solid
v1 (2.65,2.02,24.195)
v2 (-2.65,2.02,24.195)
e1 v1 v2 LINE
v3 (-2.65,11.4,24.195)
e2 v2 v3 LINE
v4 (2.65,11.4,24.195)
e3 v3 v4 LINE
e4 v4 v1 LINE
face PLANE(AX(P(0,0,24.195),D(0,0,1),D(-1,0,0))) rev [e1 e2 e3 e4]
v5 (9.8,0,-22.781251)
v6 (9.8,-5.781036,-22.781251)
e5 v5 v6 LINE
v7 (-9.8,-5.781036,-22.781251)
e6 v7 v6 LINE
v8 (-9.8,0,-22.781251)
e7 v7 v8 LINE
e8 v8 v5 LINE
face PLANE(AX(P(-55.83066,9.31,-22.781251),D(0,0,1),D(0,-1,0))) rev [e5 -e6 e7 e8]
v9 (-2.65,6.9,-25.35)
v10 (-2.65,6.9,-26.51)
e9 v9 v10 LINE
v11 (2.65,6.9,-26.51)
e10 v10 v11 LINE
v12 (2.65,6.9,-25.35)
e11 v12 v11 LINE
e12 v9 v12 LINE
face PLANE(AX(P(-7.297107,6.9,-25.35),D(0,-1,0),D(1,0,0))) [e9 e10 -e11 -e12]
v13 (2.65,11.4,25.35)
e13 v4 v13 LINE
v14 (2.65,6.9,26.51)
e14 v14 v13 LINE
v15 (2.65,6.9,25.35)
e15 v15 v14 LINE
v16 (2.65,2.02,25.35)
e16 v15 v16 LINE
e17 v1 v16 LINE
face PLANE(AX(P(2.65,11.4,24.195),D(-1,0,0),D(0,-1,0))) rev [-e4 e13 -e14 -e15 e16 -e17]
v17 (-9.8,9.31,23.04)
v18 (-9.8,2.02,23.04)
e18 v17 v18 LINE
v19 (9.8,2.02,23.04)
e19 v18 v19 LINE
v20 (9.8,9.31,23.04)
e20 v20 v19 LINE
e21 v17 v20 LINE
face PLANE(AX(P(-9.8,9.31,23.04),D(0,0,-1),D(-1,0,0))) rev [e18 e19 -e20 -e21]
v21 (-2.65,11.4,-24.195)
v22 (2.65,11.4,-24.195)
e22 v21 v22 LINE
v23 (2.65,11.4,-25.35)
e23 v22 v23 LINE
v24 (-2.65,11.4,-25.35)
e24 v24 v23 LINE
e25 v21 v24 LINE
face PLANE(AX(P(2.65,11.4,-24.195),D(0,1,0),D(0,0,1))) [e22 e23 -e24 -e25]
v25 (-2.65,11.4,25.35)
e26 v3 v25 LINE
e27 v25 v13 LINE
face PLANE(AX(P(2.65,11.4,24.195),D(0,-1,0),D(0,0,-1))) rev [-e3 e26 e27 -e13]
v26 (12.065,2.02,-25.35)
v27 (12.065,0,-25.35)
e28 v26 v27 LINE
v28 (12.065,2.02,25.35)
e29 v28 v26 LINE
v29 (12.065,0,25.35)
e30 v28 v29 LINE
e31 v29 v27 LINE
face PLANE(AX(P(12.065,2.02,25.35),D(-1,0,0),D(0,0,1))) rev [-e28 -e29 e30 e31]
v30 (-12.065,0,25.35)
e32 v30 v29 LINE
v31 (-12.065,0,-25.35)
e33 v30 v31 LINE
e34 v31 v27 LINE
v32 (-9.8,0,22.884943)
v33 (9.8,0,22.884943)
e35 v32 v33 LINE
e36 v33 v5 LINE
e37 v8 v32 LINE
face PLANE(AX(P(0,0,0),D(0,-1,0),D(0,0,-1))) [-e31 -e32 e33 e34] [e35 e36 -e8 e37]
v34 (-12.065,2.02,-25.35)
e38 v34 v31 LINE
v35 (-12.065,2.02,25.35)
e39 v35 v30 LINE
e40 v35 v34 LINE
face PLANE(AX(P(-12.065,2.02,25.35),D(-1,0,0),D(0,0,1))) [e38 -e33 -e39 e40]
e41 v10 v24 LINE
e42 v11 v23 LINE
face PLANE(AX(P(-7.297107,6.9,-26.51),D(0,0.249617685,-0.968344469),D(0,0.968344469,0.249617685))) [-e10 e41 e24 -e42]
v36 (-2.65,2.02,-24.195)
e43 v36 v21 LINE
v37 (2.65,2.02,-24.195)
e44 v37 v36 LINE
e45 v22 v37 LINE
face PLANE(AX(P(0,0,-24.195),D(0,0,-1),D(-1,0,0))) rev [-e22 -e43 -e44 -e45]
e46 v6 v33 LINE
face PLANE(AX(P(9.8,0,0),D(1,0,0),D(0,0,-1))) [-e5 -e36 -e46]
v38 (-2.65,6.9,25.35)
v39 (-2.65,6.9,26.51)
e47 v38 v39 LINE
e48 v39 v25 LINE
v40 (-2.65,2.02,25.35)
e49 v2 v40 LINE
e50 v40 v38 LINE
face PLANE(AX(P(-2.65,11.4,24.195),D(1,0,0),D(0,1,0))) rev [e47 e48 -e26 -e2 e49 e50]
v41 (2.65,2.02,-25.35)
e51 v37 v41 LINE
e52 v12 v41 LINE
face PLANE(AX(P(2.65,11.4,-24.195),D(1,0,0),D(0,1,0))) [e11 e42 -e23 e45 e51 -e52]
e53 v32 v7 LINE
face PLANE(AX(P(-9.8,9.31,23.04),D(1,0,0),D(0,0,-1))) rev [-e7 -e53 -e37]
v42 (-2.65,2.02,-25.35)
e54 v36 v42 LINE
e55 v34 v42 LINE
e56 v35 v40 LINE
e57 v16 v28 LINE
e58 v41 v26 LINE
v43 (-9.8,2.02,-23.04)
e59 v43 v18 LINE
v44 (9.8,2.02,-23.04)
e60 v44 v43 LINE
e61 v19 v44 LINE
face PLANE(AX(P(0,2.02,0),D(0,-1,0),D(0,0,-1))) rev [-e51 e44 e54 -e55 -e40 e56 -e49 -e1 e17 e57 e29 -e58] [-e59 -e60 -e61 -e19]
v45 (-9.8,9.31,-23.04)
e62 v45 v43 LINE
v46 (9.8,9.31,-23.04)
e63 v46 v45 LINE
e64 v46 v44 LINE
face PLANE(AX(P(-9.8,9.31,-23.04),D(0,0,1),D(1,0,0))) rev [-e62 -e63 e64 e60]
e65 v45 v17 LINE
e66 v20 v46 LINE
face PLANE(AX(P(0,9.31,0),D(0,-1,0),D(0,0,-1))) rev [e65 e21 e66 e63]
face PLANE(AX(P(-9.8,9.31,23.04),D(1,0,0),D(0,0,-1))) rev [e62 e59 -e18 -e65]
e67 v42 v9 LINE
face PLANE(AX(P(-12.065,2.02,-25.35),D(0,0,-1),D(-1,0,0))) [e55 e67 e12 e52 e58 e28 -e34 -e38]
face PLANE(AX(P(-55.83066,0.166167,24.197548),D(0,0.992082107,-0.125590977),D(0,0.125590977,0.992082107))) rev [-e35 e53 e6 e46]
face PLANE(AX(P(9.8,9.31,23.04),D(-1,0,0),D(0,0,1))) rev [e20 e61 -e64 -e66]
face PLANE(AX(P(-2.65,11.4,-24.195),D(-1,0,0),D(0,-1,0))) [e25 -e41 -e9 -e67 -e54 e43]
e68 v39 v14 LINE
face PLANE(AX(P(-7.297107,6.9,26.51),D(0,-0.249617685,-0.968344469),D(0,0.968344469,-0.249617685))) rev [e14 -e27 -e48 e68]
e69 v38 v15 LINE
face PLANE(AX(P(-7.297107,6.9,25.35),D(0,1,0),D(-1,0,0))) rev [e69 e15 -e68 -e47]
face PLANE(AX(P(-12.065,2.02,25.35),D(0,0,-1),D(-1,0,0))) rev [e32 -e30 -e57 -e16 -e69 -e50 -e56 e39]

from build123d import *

# Parameters (mm, degrees)
SKETCH1_W           = 24.13
SKETCH1_H           = 50.7
BOSS_EXTRUDE1_DEPTH = 2.02
SKETCH2_W           = 19.6
SKETCH2_H           = 46.08
BOSS_EXTRUDE2_DEPTH = 7.29
BOSS_EXTRUDE3_START = -2.265
BOSS_EXTRUDE3_DEPTH = 19.6
SKETCH4_W           = 5.3
SKETCH4_H           = 9.38
BOSS_EXTRUDE4_DEPTH = 1.155
BOSS_EXTRUDE5_DEPTH = 5.3


with BuildPart() as part:
    # Sketch1 → Boss-Extrude1 (new body)
    with BuildSketch(Plane(origin=(0, 0, 0), x_dir=(1, 0, 0), z_dir=(0, 1, 0))):
        Rectangle(SKETCH1_W, SKETCH1_H)
    extrude(amount=BOSS_EXTRUDE1_DEPTH)

    # Sketch2 → Boss-Extrude2 (add)
    with BuildSketch(Plane(origin=(0, 2.02, 0), x_dir=(1, 0, 0), z_dir=(0, 1, 0))):
        Rectangle(SKETCH2_W, SKETCH2_H)
    extrude(amount=BOSS_EXTRUDE2_DEPTH)

    # Sketch3 → Boss-Extrude3 (add)
    with BuildSketch(Plane(origin=(12.065, 0, 0), x_dir=(0, 0, -1), z_dir=(1, 0, 0)).offset(BOSS_EXTRUDE3_START)):
        Polygon((-22.884943392, 0), (22.781251072, -5.781035599), (22.781251072, 0), align=None)
    extrude(amount=-BOSS_EXTRUDE3_DEPTH)

    # Sketch4 → Boss-Extrude4 (add)
    with BuildSketch(Plane(origin=(0, 0, -25.35), x_dir=(-1, 0, 0), z_dir=(0, 0, -1))):
        with Locations((0, 6.71)):
            Rectangle(SKETCH4_W, SKETCH4_H)
    boss_extrude4 = extrude(amount=-BOSS_EXTRUDE4_DEPTH)

    # Sketch5 → Boss-Extrude5 (add)
    with BuildSketch(Plane(origin=(2.65, 0, 0), x_dir=(0, 0, -1), z_dir=(1, 0, 0))):
        Polygon((25.35, 11.4), (25.35, 6.9), (26.51, 6.9), align=None)
    boss_extrude5 = extrude(amount=-BOSS_EXTRUDE5_DEPTH)

    # Mirror1: Boss-Extrude4, Boss-Extrude5 across plane
    add(boss_extrude4.mirror(Plane.XY))
    add(boss_extrude5.mirror(Plane.XY))


solid = part.part
